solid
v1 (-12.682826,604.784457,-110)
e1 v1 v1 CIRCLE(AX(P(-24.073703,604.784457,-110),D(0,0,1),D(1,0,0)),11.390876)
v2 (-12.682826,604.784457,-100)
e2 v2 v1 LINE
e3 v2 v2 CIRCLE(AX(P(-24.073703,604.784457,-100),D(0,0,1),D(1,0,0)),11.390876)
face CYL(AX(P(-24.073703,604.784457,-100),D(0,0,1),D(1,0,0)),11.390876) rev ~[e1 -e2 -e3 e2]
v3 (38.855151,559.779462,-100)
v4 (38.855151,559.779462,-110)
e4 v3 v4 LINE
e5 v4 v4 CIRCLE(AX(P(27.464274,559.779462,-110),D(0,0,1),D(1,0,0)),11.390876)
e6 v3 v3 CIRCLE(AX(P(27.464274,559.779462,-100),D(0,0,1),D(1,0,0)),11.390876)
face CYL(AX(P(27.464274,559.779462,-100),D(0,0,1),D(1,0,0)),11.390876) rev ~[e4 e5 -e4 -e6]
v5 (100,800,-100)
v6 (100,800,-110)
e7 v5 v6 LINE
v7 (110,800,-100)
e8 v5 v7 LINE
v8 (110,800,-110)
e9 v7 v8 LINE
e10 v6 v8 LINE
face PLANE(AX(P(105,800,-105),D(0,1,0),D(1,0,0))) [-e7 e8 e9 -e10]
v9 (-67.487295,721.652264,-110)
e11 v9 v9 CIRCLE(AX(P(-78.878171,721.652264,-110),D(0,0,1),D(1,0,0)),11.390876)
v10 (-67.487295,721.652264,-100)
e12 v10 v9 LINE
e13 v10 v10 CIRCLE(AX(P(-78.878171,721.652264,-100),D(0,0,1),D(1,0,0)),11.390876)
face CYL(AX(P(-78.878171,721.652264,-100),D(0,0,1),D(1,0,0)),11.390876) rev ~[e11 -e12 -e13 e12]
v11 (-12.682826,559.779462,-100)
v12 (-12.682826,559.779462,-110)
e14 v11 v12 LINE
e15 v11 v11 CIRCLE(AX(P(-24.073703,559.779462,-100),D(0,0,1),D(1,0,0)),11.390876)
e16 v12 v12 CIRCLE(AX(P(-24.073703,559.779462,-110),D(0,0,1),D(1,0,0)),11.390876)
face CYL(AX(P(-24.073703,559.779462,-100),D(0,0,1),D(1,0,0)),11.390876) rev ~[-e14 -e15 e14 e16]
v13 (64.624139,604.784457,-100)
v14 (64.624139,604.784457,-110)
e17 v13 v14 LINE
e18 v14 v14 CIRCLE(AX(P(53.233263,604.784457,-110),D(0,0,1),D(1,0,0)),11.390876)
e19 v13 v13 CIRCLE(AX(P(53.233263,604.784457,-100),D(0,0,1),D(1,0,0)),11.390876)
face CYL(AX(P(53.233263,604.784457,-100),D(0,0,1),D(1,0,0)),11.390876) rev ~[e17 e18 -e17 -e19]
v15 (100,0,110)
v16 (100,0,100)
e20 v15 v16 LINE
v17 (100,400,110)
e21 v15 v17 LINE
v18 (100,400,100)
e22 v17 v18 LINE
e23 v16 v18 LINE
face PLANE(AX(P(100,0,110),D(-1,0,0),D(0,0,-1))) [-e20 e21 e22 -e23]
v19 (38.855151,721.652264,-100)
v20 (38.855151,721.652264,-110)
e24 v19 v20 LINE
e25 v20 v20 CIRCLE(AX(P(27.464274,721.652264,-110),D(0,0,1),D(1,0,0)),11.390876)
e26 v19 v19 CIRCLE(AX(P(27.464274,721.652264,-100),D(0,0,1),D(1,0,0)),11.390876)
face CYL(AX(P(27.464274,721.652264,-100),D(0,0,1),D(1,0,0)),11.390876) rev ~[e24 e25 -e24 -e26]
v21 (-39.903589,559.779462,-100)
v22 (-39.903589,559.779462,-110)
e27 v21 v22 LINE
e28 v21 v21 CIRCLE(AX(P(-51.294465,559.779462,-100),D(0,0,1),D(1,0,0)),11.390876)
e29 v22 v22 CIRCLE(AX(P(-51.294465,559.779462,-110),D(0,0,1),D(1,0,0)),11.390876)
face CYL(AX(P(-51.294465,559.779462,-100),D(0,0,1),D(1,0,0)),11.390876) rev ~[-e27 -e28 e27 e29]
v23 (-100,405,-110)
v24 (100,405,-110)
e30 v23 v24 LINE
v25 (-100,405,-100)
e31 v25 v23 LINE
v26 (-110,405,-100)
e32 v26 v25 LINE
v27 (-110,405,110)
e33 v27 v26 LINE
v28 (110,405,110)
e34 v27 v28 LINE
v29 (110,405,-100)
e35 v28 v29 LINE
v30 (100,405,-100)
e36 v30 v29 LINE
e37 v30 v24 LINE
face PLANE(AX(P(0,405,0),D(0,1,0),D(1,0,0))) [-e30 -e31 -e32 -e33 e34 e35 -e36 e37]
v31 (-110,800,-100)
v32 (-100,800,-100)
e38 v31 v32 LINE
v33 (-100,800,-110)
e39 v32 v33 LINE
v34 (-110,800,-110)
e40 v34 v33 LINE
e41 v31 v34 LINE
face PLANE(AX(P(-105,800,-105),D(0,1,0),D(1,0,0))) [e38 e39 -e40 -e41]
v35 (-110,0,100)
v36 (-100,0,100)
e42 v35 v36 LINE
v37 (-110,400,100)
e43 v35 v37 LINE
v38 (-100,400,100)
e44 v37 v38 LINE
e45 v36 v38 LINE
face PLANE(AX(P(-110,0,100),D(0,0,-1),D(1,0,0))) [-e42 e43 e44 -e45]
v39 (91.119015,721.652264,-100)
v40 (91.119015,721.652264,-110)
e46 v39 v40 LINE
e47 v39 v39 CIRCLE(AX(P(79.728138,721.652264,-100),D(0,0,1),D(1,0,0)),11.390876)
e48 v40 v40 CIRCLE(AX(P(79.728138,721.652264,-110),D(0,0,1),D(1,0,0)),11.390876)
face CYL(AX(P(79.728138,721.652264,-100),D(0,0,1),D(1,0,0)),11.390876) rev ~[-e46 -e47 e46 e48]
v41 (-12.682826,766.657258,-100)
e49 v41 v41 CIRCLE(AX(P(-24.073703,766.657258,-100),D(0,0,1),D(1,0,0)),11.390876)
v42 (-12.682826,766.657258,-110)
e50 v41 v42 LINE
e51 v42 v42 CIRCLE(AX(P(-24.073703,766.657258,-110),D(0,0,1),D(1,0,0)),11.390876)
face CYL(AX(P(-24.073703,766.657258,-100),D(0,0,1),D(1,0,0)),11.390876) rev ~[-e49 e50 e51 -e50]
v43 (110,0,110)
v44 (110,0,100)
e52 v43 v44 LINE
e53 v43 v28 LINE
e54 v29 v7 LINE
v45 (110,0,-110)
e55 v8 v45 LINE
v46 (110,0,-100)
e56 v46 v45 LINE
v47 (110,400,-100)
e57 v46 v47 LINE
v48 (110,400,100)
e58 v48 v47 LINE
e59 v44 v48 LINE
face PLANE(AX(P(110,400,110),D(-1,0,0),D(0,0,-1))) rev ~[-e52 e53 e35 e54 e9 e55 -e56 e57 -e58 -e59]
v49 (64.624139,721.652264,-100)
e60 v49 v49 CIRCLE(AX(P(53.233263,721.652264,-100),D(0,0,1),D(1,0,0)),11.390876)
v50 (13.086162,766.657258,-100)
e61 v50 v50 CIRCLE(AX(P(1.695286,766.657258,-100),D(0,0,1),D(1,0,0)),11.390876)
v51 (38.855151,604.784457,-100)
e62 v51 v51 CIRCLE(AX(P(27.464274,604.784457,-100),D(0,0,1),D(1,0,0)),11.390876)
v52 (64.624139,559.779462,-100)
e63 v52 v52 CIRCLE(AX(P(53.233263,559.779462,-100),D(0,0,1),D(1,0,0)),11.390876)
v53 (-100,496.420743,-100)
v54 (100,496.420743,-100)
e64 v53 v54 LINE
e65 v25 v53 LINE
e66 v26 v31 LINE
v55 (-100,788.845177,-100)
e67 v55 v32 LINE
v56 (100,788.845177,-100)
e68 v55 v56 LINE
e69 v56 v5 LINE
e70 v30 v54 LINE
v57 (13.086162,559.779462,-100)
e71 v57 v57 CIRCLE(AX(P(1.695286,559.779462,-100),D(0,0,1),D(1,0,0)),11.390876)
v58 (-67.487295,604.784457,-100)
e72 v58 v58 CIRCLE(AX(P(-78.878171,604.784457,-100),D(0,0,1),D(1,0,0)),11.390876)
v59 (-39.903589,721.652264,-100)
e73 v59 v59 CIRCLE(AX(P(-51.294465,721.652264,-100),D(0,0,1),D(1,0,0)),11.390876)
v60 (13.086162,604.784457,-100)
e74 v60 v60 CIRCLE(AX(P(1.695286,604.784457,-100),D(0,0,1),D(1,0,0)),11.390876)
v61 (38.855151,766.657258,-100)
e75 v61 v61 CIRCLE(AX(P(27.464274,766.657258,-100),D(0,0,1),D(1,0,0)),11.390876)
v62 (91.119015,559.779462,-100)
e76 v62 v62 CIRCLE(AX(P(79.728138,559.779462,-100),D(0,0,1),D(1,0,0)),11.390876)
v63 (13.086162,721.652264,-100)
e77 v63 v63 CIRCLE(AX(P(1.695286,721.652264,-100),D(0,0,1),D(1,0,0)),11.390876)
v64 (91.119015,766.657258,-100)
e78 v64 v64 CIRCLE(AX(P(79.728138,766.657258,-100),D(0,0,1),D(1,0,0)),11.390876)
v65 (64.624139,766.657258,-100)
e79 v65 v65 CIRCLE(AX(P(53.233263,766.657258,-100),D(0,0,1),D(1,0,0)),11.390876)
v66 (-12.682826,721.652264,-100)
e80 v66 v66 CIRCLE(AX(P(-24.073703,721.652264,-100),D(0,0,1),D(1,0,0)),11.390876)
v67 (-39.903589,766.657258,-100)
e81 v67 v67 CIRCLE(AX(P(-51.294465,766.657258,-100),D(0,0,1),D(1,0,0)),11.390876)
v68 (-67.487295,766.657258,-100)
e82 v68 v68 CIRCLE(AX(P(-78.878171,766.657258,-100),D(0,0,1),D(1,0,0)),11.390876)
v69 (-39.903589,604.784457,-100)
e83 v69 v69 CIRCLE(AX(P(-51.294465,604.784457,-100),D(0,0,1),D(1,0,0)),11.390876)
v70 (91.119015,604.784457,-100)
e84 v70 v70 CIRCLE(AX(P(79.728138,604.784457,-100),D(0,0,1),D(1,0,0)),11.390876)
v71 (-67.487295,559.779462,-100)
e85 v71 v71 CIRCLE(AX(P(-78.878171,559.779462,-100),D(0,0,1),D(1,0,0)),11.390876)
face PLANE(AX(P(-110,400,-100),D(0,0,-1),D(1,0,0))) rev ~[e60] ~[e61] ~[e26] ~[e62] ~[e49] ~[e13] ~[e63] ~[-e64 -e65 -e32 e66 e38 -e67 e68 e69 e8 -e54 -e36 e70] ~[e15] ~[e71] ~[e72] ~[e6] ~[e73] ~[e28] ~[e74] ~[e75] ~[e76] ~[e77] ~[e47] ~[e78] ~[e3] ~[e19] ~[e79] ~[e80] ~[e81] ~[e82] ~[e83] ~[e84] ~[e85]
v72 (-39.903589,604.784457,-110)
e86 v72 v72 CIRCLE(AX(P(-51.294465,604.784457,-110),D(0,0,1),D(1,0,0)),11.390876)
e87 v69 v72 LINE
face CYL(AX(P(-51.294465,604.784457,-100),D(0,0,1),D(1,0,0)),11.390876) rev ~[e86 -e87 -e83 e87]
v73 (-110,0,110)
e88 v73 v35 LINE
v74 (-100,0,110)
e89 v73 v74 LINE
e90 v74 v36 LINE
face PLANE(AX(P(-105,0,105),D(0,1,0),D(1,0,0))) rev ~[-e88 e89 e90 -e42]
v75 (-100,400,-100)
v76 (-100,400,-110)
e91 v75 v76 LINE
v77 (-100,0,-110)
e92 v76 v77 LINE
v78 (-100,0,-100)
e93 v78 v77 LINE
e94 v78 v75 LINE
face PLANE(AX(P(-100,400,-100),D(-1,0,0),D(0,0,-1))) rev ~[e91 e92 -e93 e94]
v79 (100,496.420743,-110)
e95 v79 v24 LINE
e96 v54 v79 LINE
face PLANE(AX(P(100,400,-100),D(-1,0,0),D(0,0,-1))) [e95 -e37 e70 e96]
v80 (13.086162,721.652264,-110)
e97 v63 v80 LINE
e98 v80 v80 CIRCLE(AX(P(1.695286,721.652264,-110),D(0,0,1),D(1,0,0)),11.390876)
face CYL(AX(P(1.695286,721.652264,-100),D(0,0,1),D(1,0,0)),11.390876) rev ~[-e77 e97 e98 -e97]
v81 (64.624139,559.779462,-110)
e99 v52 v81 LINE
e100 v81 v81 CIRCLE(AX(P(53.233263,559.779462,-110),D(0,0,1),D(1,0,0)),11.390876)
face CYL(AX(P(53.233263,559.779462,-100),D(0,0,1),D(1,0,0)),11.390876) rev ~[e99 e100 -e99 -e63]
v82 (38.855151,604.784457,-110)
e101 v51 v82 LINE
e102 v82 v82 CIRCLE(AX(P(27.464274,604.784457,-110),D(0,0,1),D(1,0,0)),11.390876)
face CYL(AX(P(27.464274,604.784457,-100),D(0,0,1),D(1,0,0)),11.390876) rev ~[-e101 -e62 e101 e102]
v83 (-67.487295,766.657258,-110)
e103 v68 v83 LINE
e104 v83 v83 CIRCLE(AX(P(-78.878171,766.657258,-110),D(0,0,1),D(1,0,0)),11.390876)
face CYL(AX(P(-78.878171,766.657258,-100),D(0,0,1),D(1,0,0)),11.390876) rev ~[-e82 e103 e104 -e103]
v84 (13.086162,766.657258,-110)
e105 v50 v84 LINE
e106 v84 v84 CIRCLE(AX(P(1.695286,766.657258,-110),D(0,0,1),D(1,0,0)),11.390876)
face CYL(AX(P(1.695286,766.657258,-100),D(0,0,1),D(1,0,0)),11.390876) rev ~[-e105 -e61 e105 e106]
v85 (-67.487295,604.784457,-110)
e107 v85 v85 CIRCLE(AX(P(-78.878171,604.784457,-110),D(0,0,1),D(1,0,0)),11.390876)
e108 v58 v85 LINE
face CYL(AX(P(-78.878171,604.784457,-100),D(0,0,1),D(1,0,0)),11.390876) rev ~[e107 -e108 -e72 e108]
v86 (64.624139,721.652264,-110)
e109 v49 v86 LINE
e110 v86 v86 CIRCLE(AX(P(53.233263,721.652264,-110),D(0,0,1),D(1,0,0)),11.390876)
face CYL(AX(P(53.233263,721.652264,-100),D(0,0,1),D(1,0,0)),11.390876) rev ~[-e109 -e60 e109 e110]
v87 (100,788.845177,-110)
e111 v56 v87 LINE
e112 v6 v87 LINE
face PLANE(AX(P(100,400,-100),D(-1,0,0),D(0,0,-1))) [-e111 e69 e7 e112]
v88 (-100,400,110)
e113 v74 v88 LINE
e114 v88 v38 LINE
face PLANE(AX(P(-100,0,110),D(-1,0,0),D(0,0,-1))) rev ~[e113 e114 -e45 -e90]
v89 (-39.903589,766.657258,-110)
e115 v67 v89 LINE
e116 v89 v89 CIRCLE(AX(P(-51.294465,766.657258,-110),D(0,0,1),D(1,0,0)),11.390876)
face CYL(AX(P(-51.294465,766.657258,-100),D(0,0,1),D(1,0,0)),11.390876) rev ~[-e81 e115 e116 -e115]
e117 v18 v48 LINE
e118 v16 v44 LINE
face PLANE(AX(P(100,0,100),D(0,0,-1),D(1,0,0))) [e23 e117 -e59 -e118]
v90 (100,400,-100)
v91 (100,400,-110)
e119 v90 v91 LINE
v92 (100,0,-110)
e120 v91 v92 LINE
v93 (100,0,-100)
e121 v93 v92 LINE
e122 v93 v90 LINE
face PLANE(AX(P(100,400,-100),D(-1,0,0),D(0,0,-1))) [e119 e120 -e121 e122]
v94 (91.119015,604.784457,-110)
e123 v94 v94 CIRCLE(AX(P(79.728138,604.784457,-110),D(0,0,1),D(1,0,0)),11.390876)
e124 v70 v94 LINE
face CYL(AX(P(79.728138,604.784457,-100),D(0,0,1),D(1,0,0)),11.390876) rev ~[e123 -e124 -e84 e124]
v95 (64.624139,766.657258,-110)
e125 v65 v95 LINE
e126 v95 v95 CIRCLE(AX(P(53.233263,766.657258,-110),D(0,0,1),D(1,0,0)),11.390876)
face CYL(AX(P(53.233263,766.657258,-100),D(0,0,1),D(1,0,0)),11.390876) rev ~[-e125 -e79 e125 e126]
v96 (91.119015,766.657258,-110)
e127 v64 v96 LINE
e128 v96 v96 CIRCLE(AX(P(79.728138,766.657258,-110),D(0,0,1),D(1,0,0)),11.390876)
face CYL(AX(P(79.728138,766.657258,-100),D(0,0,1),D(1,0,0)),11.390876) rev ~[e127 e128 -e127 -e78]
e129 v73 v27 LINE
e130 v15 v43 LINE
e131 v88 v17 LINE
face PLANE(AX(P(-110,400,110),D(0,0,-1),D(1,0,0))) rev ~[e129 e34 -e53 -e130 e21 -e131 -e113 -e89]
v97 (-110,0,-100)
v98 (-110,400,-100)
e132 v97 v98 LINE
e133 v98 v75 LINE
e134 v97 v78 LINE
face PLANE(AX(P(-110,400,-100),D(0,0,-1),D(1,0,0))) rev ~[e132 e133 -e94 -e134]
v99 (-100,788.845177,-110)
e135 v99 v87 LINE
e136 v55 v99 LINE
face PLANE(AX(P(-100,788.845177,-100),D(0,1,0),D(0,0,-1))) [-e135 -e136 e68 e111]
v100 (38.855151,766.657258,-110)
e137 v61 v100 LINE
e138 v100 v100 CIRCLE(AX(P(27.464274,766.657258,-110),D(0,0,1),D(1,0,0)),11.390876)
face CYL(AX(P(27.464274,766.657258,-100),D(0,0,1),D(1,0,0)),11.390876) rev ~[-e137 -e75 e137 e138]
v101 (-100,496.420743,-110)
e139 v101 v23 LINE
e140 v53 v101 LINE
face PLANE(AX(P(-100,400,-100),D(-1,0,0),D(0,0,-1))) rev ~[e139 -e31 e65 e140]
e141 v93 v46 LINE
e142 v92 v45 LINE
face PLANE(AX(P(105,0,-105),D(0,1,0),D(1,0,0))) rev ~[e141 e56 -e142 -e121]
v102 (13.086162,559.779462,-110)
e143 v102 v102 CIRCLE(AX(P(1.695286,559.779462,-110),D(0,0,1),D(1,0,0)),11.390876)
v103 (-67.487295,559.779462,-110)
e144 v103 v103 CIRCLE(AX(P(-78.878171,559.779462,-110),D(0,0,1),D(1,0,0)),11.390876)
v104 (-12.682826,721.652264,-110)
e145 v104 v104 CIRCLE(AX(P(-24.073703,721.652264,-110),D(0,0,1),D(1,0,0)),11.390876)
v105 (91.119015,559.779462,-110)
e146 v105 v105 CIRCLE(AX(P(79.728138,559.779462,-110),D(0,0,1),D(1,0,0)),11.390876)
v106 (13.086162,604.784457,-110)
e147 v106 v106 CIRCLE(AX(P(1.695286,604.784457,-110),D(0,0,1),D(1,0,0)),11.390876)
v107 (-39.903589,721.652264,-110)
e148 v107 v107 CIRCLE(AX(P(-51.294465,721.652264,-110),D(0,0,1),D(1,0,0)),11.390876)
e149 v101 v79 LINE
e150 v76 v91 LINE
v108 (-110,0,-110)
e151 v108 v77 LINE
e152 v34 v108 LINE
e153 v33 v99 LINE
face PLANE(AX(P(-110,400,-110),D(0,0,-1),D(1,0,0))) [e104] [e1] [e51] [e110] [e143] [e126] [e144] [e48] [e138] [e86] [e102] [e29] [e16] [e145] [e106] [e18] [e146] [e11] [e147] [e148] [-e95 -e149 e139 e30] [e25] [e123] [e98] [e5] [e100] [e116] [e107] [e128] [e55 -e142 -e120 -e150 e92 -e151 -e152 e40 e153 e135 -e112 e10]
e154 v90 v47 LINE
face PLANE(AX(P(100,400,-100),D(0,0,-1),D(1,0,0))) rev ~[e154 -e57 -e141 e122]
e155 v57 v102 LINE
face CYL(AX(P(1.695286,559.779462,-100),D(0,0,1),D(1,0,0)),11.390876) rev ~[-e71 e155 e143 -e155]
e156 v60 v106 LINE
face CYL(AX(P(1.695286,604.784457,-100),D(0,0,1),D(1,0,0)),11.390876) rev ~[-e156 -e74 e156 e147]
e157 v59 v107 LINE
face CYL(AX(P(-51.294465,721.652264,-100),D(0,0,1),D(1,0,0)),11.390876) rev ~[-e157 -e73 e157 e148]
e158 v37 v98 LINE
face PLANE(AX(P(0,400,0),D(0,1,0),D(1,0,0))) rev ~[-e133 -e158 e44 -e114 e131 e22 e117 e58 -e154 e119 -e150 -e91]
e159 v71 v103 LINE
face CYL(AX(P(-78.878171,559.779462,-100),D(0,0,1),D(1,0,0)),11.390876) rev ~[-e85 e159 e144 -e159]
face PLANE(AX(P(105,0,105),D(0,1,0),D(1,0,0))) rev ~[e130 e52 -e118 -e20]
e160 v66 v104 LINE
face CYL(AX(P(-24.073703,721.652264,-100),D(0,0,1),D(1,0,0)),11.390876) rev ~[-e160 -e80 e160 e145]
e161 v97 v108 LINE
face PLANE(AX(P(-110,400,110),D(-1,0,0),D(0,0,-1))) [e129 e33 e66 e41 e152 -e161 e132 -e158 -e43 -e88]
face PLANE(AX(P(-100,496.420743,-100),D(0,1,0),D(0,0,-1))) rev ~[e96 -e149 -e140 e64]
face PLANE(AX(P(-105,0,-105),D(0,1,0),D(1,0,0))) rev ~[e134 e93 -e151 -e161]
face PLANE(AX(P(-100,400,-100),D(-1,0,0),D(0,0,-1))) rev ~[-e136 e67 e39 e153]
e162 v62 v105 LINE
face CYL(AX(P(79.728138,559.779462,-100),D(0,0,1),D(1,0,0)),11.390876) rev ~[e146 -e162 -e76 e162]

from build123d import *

# Parameters (mm, degrees)
SKETCH1_W             = 10
SKETCH1_H             = 10
BOSS_EXTRUDE1_DEPTH   = 400
BOSS_EXTRUDE1_2_DEPTH = 400
BOSS_EXTRUDE1_3_DEPTH = 400
BOSS_EXTRUDE1_4_DEPTH = 400
SKETCH2_W             = 10
SKETCH2_H             = 10
BOSS_EXTRUDE2_DEPTH   = 400
SKETCH3_W             = 220
SKETCH3_H             = 220
BOSS_EXTRUDE3_DEPTH   = 5
SKETCH4_W             = 10
SKETCH4_H             = 292.424434456
BOSS_EXTRUDE4_DEPTH   = 200
SKETCH5_R             = 11.390876375
CUT_EXTRUDE1_DEPTH    = 200


with BuildPart() as part:
    # Sketch1 → Boss-Extrude1 (new body)
    with BuildSketch(Plane(origin=(0, 0, 0), x_dir=(1, 0, 0), z_dir=(0, 1, 0))):
        with Locations((-105, 105)):
            Rectangle(SKETCH1_W, SKETCH1_H)
    extrude(amount=BOSS_EXTRUDE1_DEPTH)



with BuildPart() as body_2:
    # Sketch1 → Boss-Extrude1 2 (new body)
    with BuildSketch(Plane(origin=(0, 0, 0), x_dir=(1, 0, 0), z_dir=(0, 1, 0))):
        with Locations((105, 105)):
            Rectangle(SKETCH1_W, SKETCH1_H)
    extrude(amount=BOSS_EXTRUDE1_2_DEPTH)


with BuildPart() as body_3:
    # Sketch1 → Boss-Extrude1 3 (new body)
    with BuildSketch(Plane(origin=(0, 0, 0), x_dir=(1, 0, 0), z_dir=(0, 1, 0))):
        with Locations((105, -105)):
            Rectangle(SKETCH1_W, SKETCH1_H)
    extrude(amount=BOSS_EXTRUDE1_3_DEPTH)


with BuildPart() as body_4:
    # Sketch1 → Boss-Extrude1 4 (new body)
    with BuildSketch(Plane(origin=(0, 0, 0), x_dir=(1, 0, 0), z_dir=(0, 1, 0))):
        with Locations((-105, -105)):
            Rectangle(SKETCH1_W, SKETCH1_H)
    extrude(amount=BOSS_EXTRUDE1_4_DEPTH)


with BuildPart() as part_1:
    add(part.part)

    add(body_2.part)  # Boss-Extrude2 merges body 2
    # Sketch2 → Boss-Extrude2 (add)
    with BuildSketch(Plane(origin=(0, 400, 0), x_dir=(1, 0, 0), z_dir=(0, 1, 0))):
        with Locations((105, 105)):
            Rectangle(SKETCH2_W, SKETCH2_H)
        with Locations((-105, 105)):
            Rectangle(SKETCH2_W, SKETCH2_H)
    extrude(amount=BOSS_EXTRUDE2_DEPTH)


    add(body_3.part)  # Boss-Extrude3 merges body 3

    add(body_4.part)  # Boss-Extrude3 merges body 4
    # Sketch3 → Boss-Extrude3 (add)
    with BuildSketch(Plane(origin=(0, 400, 0), x_dir=(1, 0, 0), z_dir=(0, 1, 0))):
        Rectangle(SKETCH3_W, SKETCH3_H)
    extrude(amount=BOSS_EXTRUDE3_DEPTH)

    # Sketch4 → Boss-Extrude4 (add)
    with BuildSketch(Plane(origin=(-100, 0, 0), x_dir=(0, 0, -1), z_dir=(1, 0, 0))):
        with Locations((105, 642.632960166)):
            Rectangle(SKETCH4_W, SKETCH4_H)
    extrude(amount=BOSS_EXTRUDE4_DEPTH)

    # Sketch5 → Cut-Extrude1 (cut)
    with BuildSketch(Plane.XY.offset(-100)):
        with Locations((-78.87817112, 766.657257613)):
            Circle(SKETCH5_R)
        with Locations((-51.294465102, 766.657257613)):
            Circle(SKETCH5_R)
        with Locations((-24.073702585, 766.657257613)):
            Circle(SKETCH5_R)
        with Locations((1.695285931, 766.657257613)):
            Circle(SKETCH5_R)
        with Locations((27.464274447, 766.657257613)):
            Circle(SKETCH5_R)
        with Locations((53.233262963, 766.657257613)):
            Circle(SKETCH5_R)
        with Locations((79.728138479, 766.657257613)):
            Circle(SKETCH5_R)
        with Locations((79.728138479, 721.652263585)):
            Circle(SKETCH5_R)
        with Locations((53.233262963, 721.652263585)):
            Circle(SKETCH5_R)
        with Locations((27.464274447, 721.652263585)):
            Circle(SKETCH5_R)
        with Locations((1.695285931, 721.652263585)):
            Circle(SKETCH5_R)
        with Locations((-24.073702585, 721.652263585)):
            Circle(SKETCH5_R)
        with Locations((-51.294465102, 721.652263585)):
            Circle(SKETCH5_R)
        with Locations((-78.87817112, 721.652263585)):
            Circle(SKETCH5_R)
        with Locations((-78.87817112, 604.784456512)):
            Circle(SKETCH5_R)
        with Locations((-51.294465102, 604.784456512)):
            Circle(SKETCH5_R)
        with Locations((-24.073702585, 604.784456512)):
            Circle(SKETCH5_R)
        with Locations((1.695285931, 604.784456512)):
            Circle(SKETCH5_R)
        with Locations((27.464274447, 604.784456512)):
            Circle(SKETCH5_R)
        with Locations((53.233262963, 604.784456512)):
            Circle(SKETCH5_R)
        with Locations((79.728138479, 604.784456512)):
            Circle(SKETCH5_R)
        with Locations((79.728138479, 559.779462484)):
            Circle(SKETCH5_R)
        with Locations((53.233262963, 559.779462484)):
            Circle(SKETCH5_R)
        with Locations((27.464274447, 559.779462484)):
            Circle(SKETCH5_R)
        with Locations((1.695285931, 559.779462484)):
            Circle(SKETCH5_R)
        with Locations((-24.073702585, 559.779462484)):
            Circle(SKETCH5_R)
        with Locations((-51.294465102, 559.779462484)):
            Circle(SKETCH5_R)
        with Locations((-78.87817112, 559.779462484)):
            Circle(SKETCH5_R)
    extrude(amount=-CUT_EXTRUDE1_DEPTH, mode=Mode.SUBTRACT)


solid = part_1.part
